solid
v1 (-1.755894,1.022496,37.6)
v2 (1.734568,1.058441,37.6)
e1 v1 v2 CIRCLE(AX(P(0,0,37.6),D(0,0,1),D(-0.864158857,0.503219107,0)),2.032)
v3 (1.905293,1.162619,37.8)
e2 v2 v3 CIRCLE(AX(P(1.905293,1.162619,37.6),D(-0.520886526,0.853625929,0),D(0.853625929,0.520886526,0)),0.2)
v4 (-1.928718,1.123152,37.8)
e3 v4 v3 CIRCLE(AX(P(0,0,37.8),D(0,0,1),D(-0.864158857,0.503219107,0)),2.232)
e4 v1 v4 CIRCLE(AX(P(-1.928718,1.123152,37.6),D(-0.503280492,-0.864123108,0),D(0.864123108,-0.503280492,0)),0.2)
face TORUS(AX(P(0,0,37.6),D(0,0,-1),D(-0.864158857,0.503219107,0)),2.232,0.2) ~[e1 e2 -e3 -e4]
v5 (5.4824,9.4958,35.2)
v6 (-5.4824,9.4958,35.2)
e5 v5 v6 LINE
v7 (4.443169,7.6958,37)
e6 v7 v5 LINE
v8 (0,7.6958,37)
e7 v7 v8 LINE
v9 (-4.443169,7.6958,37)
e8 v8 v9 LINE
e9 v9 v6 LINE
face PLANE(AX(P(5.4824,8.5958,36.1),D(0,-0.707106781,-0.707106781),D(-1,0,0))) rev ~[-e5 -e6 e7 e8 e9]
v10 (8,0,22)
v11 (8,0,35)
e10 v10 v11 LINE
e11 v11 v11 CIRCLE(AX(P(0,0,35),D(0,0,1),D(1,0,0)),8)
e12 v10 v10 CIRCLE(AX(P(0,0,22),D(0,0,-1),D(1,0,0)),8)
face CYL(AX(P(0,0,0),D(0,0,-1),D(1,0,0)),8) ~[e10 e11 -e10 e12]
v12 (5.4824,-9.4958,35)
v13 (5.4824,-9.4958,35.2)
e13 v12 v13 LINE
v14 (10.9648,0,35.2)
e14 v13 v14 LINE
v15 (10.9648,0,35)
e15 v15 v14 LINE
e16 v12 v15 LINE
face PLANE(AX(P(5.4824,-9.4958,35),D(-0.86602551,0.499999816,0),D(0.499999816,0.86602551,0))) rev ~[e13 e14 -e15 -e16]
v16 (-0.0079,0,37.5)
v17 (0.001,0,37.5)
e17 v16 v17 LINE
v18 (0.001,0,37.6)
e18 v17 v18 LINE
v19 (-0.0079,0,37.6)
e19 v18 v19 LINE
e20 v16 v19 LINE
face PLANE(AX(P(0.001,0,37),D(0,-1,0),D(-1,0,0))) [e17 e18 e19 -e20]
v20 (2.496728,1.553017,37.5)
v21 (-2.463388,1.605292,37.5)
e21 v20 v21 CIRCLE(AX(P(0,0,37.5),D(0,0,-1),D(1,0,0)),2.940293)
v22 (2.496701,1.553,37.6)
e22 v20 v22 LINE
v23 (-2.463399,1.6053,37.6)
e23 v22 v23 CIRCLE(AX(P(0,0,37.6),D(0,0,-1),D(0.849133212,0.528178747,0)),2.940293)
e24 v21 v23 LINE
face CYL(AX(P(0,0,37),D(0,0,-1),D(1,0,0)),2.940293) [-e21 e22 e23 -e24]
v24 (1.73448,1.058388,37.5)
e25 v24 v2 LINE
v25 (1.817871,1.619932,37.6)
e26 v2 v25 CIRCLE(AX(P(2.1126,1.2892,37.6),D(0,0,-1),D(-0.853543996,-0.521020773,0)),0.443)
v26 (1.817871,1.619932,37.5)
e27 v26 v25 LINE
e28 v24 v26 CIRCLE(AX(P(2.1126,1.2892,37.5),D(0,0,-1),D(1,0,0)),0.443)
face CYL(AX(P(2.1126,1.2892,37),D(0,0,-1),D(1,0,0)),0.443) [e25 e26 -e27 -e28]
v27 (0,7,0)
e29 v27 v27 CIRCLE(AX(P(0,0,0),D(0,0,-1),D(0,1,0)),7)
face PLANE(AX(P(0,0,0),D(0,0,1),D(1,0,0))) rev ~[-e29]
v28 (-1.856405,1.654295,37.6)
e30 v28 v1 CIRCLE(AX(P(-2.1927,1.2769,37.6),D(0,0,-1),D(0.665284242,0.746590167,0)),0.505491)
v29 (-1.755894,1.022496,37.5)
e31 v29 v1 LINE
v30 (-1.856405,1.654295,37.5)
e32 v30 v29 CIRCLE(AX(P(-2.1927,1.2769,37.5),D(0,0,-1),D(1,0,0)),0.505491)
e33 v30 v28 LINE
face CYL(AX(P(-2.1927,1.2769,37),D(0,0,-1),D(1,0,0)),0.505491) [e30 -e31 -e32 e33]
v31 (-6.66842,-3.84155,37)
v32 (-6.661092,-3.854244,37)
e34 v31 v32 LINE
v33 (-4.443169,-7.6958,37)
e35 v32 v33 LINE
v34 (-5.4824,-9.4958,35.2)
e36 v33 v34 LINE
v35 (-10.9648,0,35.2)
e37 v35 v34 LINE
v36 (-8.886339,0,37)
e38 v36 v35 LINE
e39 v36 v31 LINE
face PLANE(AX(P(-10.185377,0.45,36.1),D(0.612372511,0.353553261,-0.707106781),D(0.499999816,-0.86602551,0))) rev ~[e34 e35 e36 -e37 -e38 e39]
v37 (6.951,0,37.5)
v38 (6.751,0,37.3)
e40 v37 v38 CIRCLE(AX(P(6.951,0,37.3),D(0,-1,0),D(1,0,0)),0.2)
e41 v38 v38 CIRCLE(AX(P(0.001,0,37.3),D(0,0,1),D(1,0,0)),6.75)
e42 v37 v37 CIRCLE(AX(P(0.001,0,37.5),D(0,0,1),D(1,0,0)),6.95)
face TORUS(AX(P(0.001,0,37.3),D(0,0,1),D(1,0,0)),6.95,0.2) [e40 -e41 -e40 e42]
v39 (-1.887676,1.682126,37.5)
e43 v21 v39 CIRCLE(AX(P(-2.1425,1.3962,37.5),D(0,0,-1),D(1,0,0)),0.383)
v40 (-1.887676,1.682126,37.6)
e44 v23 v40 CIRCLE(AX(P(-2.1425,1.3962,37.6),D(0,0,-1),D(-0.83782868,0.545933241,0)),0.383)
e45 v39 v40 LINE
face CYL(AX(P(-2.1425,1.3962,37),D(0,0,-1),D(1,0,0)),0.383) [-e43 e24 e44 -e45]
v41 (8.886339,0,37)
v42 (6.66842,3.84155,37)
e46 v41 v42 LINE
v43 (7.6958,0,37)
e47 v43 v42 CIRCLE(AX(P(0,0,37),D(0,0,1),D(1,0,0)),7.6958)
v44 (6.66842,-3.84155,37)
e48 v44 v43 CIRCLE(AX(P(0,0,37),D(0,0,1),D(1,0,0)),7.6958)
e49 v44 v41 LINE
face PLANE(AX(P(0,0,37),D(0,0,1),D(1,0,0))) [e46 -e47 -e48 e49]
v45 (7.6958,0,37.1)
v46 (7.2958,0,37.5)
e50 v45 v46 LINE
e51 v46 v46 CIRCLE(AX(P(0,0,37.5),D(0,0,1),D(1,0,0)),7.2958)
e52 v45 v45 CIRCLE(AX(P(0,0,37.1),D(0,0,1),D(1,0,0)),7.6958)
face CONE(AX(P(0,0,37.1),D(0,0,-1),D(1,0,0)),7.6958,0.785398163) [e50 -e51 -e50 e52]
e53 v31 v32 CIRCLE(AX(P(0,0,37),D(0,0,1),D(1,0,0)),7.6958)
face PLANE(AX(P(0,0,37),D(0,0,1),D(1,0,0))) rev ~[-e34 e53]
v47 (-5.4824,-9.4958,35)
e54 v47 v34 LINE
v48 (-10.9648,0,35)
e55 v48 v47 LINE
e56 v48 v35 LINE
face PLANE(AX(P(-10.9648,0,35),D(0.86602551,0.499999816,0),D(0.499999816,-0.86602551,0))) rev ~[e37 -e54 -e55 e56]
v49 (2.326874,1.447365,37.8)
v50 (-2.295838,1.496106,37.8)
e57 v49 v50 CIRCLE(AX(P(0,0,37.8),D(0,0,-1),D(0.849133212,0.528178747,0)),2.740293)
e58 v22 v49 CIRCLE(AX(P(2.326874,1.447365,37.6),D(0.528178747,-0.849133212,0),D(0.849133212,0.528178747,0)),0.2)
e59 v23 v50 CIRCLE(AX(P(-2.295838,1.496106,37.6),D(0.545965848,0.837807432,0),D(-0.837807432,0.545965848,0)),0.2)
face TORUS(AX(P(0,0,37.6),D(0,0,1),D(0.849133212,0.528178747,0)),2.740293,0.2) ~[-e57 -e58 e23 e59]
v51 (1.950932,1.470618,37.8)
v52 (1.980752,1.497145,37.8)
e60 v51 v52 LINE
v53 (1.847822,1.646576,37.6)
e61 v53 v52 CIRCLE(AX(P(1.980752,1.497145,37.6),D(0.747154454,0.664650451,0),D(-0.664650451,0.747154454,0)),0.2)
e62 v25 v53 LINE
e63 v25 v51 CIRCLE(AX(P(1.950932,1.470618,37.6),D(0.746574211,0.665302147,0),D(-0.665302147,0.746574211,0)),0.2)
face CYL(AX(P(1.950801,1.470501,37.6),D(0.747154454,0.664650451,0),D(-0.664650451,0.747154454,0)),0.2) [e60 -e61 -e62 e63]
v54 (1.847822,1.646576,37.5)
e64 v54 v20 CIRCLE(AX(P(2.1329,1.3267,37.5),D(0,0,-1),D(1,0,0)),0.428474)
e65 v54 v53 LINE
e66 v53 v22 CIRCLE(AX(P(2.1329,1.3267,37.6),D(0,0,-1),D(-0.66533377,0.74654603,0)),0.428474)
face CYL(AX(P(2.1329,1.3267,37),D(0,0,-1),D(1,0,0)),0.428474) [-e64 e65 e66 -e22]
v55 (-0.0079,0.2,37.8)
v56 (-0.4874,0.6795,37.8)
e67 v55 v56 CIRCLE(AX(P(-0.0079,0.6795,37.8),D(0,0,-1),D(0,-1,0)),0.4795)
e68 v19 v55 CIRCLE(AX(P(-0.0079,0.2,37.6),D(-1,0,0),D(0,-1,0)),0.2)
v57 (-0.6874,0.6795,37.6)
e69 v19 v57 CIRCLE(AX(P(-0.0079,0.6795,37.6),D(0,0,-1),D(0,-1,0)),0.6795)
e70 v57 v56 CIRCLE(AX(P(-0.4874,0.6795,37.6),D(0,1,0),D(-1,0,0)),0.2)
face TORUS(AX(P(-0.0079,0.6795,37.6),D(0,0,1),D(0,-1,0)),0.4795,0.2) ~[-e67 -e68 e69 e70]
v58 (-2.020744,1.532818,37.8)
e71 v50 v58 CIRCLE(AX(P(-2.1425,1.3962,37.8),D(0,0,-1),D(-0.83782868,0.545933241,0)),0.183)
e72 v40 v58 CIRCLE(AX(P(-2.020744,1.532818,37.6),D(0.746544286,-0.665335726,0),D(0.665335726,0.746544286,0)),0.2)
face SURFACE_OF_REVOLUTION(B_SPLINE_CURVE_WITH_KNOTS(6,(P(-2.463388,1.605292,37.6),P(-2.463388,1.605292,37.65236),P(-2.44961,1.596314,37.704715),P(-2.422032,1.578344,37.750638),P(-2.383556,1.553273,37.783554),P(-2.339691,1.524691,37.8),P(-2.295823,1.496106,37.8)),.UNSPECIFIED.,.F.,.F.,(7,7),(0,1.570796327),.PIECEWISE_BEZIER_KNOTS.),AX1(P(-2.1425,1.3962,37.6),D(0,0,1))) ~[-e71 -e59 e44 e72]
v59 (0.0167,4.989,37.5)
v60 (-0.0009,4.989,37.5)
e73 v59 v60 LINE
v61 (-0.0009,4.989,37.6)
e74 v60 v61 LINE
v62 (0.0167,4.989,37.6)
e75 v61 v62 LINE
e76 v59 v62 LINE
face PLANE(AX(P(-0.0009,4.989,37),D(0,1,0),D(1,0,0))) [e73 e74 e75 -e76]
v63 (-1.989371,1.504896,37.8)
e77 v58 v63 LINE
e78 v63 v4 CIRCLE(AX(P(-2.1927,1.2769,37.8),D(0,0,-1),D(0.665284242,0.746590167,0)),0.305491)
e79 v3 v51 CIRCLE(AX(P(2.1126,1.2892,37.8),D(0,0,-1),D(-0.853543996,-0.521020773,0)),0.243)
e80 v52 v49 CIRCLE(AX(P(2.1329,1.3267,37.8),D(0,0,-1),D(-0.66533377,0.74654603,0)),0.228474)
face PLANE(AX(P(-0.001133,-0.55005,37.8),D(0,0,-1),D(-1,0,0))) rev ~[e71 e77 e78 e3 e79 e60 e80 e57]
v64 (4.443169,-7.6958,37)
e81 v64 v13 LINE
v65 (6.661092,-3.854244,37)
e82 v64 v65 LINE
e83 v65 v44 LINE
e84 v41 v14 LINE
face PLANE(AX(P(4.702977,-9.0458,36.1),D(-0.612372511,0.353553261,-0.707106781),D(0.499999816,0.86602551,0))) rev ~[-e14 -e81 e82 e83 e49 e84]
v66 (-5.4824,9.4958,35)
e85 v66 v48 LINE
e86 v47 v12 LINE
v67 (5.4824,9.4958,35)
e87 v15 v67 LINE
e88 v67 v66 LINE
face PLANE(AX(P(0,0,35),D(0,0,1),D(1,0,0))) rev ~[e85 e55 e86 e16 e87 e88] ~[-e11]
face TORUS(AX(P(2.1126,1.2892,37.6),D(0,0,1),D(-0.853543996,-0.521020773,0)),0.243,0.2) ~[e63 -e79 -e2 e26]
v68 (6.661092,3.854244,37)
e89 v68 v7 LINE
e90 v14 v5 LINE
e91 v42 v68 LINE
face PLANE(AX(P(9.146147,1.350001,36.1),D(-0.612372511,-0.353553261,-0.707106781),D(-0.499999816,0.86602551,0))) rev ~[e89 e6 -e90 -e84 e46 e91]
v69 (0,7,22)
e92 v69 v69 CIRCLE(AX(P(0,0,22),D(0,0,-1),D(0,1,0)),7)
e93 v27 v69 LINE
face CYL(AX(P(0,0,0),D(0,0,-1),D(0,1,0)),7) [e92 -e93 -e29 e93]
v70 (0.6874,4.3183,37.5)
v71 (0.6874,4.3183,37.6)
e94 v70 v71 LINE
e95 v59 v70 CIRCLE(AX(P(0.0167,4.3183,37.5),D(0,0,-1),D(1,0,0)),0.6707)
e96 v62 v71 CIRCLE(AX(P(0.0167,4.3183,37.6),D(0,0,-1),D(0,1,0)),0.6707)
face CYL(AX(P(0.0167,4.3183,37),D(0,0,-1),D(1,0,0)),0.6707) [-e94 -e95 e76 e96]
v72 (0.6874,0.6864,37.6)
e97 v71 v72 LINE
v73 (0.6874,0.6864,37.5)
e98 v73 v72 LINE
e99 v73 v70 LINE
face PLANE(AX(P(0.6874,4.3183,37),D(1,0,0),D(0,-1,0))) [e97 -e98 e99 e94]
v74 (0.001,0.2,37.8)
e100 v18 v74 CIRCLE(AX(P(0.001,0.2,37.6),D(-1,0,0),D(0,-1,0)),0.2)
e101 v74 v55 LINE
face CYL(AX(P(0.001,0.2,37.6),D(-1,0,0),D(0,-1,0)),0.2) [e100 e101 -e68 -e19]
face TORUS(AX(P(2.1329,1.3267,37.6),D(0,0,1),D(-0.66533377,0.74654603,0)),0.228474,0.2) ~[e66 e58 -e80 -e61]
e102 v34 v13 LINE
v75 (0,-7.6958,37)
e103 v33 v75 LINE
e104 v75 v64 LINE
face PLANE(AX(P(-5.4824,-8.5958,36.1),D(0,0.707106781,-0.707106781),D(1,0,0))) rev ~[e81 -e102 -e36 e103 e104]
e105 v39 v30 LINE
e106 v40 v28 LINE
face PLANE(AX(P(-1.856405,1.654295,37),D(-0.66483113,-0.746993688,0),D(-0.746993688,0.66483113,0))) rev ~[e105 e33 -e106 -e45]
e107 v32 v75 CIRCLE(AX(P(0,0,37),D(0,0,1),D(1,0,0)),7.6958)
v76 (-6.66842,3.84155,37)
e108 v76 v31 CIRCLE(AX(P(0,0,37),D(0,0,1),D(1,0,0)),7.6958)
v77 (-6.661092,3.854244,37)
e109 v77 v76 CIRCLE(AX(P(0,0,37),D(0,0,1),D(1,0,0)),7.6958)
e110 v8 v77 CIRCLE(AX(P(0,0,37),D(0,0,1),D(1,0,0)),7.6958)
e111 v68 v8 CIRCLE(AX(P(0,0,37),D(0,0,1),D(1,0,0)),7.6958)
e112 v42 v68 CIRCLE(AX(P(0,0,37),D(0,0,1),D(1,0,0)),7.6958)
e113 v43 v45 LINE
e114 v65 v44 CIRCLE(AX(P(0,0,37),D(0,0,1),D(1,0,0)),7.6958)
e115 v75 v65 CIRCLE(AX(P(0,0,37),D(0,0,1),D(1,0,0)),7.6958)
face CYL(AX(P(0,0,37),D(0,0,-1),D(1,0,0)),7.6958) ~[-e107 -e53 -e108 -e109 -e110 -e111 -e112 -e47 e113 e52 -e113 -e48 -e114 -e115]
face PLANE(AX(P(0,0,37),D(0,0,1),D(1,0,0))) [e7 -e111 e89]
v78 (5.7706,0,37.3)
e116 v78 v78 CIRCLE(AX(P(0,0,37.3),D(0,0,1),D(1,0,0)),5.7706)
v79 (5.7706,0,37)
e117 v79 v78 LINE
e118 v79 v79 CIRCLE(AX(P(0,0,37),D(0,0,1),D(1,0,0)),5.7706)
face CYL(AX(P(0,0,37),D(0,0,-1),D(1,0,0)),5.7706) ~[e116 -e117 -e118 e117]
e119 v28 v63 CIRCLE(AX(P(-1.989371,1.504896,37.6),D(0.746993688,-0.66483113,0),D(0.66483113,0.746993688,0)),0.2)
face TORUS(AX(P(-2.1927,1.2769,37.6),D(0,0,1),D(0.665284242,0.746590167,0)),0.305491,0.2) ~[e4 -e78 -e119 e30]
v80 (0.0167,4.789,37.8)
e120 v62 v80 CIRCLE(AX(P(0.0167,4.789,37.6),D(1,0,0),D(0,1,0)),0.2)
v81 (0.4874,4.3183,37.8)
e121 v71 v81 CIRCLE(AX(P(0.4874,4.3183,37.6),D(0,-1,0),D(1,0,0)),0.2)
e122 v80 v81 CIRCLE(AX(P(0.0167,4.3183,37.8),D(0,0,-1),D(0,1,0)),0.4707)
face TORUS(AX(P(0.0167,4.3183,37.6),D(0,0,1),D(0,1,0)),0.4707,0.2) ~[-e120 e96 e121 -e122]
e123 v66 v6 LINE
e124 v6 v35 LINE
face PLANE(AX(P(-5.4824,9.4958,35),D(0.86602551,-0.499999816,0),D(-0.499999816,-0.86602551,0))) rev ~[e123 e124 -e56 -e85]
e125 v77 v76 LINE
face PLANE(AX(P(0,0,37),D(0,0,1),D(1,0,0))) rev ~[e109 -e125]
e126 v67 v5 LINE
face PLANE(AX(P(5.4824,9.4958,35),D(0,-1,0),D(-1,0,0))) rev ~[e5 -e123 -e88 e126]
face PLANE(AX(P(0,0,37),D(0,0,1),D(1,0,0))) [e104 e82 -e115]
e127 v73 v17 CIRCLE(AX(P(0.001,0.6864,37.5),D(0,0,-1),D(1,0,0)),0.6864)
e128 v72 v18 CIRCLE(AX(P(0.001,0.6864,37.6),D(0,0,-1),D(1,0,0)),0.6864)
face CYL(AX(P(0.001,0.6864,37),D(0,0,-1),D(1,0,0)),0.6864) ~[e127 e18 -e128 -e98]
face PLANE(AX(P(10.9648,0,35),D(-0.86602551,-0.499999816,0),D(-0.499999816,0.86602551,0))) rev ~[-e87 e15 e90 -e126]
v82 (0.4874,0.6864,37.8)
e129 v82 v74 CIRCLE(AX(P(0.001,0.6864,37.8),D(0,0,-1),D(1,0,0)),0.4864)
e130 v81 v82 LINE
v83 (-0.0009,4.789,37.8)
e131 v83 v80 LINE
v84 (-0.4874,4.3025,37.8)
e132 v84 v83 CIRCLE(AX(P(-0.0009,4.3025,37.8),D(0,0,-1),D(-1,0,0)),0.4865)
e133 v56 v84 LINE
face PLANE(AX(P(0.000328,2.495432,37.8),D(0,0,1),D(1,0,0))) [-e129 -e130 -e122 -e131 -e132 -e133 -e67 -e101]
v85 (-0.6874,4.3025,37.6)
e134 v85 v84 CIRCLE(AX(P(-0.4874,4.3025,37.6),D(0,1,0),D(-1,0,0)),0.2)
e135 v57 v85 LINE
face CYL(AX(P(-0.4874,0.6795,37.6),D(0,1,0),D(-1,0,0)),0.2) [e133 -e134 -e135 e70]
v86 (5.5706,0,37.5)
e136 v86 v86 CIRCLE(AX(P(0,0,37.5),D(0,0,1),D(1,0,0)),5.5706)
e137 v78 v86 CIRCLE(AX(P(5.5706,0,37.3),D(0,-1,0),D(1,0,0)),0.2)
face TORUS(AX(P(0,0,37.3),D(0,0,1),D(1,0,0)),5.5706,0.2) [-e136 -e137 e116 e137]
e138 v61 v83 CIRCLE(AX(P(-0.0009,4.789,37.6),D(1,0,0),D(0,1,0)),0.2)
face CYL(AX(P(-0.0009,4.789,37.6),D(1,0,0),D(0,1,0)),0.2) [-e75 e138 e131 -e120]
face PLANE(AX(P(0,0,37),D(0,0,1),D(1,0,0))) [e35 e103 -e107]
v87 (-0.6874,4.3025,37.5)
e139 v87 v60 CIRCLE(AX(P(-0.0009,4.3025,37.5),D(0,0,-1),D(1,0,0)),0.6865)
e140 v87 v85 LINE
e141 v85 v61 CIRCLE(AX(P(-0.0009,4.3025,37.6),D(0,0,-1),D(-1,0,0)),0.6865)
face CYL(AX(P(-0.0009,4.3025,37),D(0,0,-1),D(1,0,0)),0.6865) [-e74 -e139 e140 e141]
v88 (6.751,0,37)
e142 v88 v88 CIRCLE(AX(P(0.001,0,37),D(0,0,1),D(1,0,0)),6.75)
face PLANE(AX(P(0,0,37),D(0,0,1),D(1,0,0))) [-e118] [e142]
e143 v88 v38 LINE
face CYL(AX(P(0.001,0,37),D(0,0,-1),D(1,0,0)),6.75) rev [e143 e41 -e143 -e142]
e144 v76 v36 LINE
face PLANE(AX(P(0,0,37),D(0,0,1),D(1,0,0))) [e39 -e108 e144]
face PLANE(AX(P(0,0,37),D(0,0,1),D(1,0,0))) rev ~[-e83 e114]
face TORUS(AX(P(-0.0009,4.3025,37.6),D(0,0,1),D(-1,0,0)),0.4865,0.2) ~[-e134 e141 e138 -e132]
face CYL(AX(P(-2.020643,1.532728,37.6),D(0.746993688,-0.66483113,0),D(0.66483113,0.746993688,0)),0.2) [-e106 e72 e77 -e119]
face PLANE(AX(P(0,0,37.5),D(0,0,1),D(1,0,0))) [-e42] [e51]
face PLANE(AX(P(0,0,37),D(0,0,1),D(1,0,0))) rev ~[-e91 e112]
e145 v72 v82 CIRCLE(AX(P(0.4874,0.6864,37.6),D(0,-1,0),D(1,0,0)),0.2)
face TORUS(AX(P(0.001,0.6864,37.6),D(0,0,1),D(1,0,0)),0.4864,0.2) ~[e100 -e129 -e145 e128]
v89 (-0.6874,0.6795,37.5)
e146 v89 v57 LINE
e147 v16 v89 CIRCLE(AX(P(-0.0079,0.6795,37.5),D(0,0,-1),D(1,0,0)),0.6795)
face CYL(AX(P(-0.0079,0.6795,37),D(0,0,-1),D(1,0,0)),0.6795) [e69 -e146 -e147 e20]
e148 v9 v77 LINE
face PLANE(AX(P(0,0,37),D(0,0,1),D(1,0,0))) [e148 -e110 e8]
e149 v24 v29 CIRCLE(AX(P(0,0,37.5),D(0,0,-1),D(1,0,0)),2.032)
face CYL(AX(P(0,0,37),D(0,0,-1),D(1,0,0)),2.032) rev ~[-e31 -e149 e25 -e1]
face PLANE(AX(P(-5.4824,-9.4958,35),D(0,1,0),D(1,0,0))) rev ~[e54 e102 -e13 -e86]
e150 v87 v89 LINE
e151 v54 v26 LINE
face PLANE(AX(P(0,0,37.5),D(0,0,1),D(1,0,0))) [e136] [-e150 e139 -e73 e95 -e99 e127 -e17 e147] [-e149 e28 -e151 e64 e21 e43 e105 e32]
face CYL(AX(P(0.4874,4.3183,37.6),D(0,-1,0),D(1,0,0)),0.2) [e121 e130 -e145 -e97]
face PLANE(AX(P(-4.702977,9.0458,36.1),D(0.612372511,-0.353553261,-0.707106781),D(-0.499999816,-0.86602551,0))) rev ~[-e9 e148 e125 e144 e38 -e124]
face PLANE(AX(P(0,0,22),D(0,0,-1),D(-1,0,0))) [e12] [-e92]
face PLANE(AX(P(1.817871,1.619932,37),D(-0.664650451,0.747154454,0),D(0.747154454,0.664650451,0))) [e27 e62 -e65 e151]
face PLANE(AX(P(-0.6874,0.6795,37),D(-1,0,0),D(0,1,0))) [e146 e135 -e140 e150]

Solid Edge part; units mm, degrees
sketch "Sketch1" plane through (0, 0, 0) normal (0, 0, 1) x (1, 0, 0)
  circle A0 centre (0, 0) radius 8
extrude "Protrusion1" add sketch "Sketch1" along normal blind 35
sketch "Sketch2" plane through (0, 0, 0) normal (0, 0, -1) x (0, 1, 0)
  circle A0 centre (0, 0) radius 7
  circle A1 centre (0, 0) radius 8.5
extrude "ExtrudedCutout_1" cut sketch "Sketch2" against normal blind 22
sketch "Sketch3" plane through (0, 0, 35) normal (0, 0, 1) x (0, 1, 0)
  line L0 (9.4958, 5.4824) -> (0, 10.9648)
  line L1 (0, 10.9648) -> (-9.4958, 5.4824)
  line L2 (-9.4958, 5.4824) -> (-9.4958, -5.4824)
  line L3 (-9.4958, -5.4824) -> (0, -10.9648)
  line L4 (0, -10.9648) -> (9.4958, -5.4824)
  line L5 (9.4958, -5.4824) -> (9.4958, 5.4824)
extrude "ExtrudedProtrusion_2" add sketch "Sketch3" along normal blind 2
chamfer "Chamfer_2" distance 1.8 angle 45 1 edges at (8.2236, -4.7479, 37)
chamfer "Chamfer_3" distance 1.8 angle 45 5 edges at (-1.0392, -9.4958, 37) (7.704, 5.6479, 37) (0, 9.4958, 37) (-8.2236, 4.7479, 37) (-8.2236, -4.7479, 37)
sketch "Sketch4" plane through (0, 0, 37) normal (0, 0, 1) x (1, 0, 0)
  circle A0 centre (0.001, 0) radius 6.75
  circle A1 centre (0, 0) radius 7.6958
  circle A2 centre (0, 0) radius 5.7706
extrude "ExtrudedProtrusion_3" add sketch "Sketch4" along normal blind 0.5
sketch "Sketch5" plane through (0, 0, 37) normal (0, 0, 1) x (1, 0, 0)
  arc A0 (-1.8564, 1.6543) -> (-1.7559, 1.0225) centre (-2.1927, 1.2769) cw
  line L0 (-1.8564, 1.6543) -> (-1.8877, 1.6821)
  arc A1 (-2.4634, 1.6053) -> (-1.8877, 1.6821) centre (-2.1425, 1.3962) cw
  arc A2 (1.8478, 1.6466) -> (2.4967, 1.553) centre (2.1329, 1.3267) cw
  line L1 (1.8179, 1.6199) -> (1.8478, 1.6466)
  arc A3 (1.7345, 1.0584) -> (1.8179, 1.6199) centre (2.1126, 1.2892) cw
  arc A4 (1.7345, 1.0584) -> (-1.7559, 1.0225) centre (0, 0) cw
  arc A5 (2.4967, 1.553) -> (-2.4634, 1.6053) centre (0, 0) cw
  arc A6 (0.001, 0) -> (0.6874, 0.6864) centre (0.001, 0.6864) ccw
  line L2 (0.6874, 4.3183) -> (0.6874, 0.6864)
  arc A7 (0.0167, 4.989) -> (0.6874, 4.3183) centre (0.0167, 4.3183) cw
  line L3 (-0.0009, 4.989) -> (0.0167, 4.989)
  arc A8 (-0.6874, 4.3025) -> (-0.0009, 4.989) centre (-0.0009, 4.3025) cw
  line L4 (-0.6874, 0.6795) -> (-0.6874, 4.3025)
  arc A9 (-0.0079, 0) -> (-0.6874, 0.6795) centre (-0.0079, 0.6795) cw
  line L5 (0.001, 0) -> (-0.0079, 0)
extrude "ExtrudedProtrusion_4" add sketch "Sketch5" along normal blind 0.8
chamfer "Chamfer_6" distance 0.4 angle 45 1 edges at (-7.6958, 0, 37.5)
fillet "Round_1" radius 0.2 18 edges at (-0.031, -2.9402, 37.8) (2.194, 1.7508, 37.8) (1.8328, 1.6333, 37.8) (1.6744, 1.3543, 37.8) (0.0209, -2.0318, 37.8) (-1.6935, 1.3563, 37.8) (-1.872, 1.6682, 37.8) (-2.1932, 1.7758, 37.8) (-0.6874, 2.491, 37.8) (-0.4884, 0.199, 37.8) (-0.0035, 0, 37.8) (0.4864, 0.201, 37.8) (0.6874, 2.5023, 37.8) (0.491, 4.7925, 37.8) (0.0079, 4.989, 37.8) (-0.4863, 4.7879, 37.8) (-5.7706, 0, 37.5) (-6.749, 0, 37.5)
